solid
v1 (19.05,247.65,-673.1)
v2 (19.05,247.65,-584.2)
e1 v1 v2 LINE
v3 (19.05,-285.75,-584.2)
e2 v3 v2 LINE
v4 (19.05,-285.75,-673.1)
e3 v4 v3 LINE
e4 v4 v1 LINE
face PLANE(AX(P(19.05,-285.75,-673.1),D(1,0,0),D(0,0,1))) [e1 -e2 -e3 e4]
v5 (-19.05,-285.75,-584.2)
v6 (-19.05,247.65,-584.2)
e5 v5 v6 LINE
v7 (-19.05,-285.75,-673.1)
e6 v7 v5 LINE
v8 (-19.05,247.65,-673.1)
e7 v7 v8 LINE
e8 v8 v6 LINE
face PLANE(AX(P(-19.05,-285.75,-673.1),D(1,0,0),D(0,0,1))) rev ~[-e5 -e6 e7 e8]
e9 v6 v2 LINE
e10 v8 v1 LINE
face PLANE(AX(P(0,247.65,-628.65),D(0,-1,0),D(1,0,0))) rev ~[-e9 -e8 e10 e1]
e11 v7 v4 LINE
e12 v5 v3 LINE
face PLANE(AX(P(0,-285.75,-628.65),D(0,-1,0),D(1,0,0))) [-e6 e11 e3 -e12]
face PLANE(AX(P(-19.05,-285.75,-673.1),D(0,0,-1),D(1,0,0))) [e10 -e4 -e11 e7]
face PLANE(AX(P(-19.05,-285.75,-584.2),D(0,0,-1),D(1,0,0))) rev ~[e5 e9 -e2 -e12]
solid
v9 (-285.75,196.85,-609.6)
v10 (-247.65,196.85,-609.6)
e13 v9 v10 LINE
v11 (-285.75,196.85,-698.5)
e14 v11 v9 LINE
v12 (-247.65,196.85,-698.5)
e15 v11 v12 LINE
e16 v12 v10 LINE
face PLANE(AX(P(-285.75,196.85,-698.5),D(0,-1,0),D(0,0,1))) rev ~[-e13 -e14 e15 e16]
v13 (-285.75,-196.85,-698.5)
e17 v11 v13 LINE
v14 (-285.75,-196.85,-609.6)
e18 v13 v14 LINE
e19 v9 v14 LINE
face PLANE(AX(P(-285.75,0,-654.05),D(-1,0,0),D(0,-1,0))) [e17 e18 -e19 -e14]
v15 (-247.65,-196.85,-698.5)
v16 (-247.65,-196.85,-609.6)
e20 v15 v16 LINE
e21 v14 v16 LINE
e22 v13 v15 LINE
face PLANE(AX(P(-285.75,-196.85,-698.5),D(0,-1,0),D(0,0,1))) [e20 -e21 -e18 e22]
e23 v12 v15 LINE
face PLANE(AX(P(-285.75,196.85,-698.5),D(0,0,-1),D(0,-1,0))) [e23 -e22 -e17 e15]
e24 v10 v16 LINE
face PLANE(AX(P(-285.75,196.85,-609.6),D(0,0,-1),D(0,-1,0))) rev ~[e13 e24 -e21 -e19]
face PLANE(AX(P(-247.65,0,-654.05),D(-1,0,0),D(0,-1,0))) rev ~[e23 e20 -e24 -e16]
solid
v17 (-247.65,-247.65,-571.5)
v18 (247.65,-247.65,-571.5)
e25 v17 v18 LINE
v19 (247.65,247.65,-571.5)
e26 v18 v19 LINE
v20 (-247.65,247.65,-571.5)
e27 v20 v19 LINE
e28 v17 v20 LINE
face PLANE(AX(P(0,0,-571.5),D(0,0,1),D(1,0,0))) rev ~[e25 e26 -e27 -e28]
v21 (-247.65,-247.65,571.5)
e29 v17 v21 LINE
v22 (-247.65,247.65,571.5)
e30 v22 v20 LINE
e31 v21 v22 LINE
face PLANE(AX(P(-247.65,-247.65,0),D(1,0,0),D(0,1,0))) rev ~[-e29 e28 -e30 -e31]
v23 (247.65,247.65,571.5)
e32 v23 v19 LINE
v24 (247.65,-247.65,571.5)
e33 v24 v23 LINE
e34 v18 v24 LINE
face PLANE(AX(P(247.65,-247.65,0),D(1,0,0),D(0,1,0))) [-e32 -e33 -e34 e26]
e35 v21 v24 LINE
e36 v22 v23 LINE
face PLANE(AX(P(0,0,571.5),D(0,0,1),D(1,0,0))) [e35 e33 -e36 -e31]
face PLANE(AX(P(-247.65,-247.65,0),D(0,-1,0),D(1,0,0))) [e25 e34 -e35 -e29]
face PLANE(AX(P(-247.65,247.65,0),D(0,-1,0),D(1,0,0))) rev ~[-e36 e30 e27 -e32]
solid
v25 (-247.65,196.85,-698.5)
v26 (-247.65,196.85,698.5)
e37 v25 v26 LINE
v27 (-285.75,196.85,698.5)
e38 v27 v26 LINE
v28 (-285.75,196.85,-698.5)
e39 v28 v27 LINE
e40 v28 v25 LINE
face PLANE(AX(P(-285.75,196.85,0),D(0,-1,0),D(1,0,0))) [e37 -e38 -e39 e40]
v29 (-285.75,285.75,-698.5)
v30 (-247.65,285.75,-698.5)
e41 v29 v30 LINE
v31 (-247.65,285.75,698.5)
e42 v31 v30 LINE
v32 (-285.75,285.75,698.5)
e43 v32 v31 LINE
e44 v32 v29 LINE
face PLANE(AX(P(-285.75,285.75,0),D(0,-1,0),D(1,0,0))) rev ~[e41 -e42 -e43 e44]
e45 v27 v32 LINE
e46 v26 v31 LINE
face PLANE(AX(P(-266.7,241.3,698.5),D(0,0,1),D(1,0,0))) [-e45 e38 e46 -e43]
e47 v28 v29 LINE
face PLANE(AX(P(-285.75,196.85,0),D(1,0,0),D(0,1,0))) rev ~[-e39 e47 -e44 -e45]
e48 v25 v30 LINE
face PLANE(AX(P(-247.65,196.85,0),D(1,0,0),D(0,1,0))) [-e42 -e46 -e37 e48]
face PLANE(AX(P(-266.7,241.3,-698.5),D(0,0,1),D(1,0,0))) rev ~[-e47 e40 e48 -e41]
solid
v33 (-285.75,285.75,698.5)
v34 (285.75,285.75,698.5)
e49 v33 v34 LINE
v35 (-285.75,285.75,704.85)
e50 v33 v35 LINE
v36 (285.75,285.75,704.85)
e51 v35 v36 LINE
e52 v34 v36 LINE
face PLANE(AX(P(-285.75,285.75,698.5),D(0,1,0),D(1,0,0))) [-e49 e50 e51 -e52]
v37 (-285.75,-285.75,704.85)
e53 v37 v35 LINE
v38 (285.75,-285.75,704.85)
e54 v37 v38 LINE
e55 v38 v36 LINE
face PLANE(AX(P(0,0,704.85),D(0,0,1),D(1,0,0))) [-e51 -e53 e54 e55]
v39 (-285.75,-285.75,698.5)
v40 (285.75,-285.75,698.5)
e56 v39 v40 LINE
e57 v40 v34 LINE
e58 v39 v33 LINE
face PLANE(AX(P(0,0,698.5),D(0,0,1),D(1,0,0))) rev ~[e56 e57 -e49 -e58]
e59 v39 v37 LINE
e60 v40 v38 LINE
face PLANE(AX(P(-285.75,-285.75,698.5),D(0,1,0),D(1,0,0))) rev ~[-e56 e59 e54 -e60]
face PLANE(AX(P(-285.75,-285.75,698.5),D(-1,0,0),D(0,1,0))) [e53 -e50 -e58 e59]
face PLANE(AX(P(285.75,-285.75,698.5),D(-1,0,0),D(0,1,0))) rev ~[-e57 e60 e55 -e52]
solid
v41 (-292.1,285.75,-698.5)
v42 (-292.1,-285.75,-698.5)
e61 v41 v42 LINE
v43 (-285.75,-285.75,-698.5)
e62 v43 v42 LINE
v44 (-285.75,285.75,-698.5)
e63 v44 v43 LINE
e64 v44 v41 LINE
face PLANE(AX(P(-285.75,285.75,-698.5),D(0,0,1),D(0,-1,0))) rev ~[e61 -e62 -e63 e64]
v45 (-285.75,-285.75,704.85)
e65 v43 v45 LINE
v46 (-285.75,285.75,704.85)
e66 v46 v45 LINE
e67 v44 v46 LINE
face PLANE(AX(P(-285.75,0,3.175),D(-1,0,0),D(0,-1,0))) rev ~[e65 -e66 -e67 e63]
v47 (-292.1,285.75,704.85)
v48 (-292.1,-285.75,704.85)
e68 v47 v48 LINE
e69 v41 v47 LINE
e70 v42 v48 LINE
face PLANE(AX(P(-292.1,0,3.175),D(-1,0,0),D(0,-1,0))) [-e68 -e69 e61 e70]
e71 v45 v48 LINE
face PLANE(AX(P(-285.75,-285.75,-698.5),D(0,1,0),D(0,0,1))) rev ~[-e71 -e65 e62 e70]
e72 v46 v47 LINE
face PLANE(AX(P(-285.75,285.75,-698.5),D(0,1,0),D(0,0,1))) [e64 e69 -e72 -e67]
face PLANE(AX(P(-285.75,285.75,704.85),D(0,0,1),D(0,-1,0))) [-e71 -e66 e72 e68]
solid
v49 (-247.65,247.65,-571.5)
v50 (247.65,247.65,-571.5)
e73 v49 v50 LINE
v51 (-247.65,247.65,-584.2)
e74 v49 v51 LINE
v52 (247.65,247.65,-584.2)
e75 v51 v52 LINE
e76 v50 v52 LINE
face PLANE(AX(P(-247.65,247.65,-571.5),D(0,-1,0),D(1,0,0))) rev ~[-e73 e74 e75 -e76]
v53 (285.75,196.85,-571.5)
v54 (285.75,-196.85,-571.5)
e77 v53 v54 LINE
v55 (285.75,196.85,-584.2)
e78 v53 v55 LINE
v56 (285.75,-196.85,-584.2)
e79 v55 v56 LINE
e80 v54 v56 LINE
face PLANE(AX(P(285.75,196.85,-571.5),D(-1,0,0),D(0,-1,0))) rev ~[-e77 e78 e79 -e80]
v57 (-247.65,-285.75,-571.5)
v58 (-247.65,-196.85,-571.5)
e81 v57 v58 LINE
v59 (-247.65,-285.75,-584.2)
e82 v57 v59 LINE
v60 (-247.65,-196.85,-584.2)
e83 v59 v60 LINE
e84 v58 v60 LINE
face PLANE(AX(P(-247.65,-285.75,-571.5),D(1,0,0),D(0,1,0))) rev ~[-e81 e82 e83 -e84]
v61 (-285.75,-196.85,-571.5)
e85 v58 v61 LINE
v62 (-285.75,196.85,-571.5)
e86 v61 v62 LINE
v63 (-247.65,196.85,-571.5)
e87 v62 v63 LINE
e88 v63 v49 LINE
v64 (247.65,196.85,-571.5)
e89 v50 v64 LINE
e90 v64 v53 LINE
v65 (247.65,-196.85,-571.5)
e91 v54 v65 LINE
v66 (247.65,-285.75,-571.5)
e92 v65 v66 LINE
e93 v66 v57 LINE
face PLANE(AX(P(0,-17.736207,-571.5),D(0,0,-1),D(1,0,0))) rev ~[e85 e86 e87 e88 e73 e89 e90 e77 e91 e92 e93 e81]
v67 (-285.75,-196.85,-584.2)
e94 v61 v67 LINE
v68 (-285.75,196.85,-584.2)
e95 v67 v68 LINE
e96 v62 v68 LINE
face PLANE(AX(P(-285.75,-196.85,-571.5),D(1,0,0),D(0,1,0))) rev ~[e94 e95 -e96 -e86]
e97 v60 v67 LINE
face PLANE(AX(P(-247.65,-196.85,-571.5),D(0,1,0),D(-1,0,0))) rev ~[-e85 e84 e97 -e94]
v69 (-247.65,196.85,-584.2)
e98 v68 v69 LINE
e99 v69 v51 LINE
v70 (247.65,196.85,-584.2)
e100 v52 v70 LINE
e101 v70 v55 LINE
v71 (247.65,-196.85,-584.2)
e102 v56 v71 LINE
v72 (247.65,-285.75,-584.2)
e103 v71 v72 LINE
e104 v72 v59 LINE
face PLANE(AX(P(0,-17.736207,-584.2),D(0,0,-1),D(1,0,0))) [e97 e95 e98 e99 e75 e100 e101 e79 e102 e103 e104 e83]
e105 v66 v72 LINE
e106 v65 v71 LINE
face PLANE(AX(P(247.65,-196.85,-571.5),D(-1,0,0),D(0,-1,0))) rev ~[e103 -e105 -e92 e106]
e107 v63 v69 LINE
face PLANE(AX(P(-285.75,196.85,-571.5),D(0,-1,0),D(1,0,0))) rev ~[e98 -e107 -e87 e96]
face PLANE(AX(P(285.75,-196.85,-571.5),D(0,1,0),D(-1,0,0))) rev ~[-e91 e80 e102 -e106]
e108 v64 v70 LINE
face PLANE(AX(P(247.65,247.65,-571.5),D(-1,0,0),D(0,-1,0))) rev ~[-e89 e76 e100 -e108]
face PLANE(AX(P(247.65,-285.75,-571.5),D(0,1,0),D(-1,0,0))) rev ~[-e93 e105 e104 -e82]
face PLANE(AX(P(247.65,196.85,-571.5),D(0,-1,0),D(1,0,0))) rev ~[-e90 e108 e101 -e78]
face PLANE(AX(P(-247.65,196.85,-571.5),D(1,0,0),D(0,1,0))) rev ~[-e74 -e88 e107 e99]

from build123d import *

# Parameters (mm, degrees)
F0_W      = 495.3
F0_H      = 495.3
F1_DEPTH  = 571.5
F2_W      = 38.1
F2_H      = 88.9
F3_DEPTH  = 698.5
F5_DEPTH  = 12.7
F6_W      = 393.7
F6_H      = 88.9
F7_DEPTH  = 38.1
F8_W      = 38.1
F8_H      = 88.9
F9_DEPTH  = 533.4
F10_W     = 571.5
F10_H     = 571.5
F11_DEPTH = 6.35
F12_W     = 571.5
F12_H     = 1403.35
F13_DEPTH = 6.35


with BuildPart() as f1:
    # F0 (on Top) → F1 (new body, symmetric)
    with BuildSketch(Plane.XY):
        Rectangle(F0_W, F0_H)
    extrude(amount=F1_DEPTH, both=True)


with BuildPart() as f3:
    # F2 (on Top) → F3 (new body, symmetric)
    with BuildSketch(Plane.XY):
        with Locations((-266.7, 241.3)):
            Rectangle(F2_W, F2_H)
    extrude(amount=F3_DEPTH, both=True)


with BuildPart() as f5:
    # F4 (on face) → F5 (new body)
    with BuildSketch(Plane(origin=(0, 0, -571.5), x_dir=(1, 0, 0), z_dir=(0, 0, -1))):
        Polygon((247.65, 285.75), (-247.65, 285.75), (-247.65, 196.85), (-285.75, 196.85), (-285.75, -196.85), (-247.65, -196.85), (-247.65, -247.65), (247.65, -247.65), (247.65, -196.85), (285.75, -196.85), (285.75, 196.85), (247.65, 196.85), align=None)
    extrude(amount=F5_DEPTH)


with BuildPart() as f7:
    # F6 (on face) → F7 (new body, through all)
    with BuildSketch(Plane(origin=(-285.75, 0, 0), x_dir=(0, -1, 0), z_dir=(-1, 0, 0))):
        with Locations((0, -654.05)):
            Rectangle(F6_W, F6_H)
    extrude(amount=-F7_DEPTH)


with BuildPart() as f9:
    # F8 (on face) → F9 (new body, through all)
    with BuildSketch(Plane.XZ.offset(285.75)):
        with Locations((0, -628.65)):
            Rectangle(F8_W, F8_H)
    extrude(amount=-F9_DEPTH)


with BuildPart() as f11:
    # F10 (on face) → F11 (new body)
    with BuildSketch(Plane.XY.offset(698.5)):
        Rectangle(F10_W, F10_H)
    extrude(amount=F11_DEPTH)


with BuildPart() as f13:
    # F12 (on face) → F13 (new body)
    with BuildSketch(Plane(origin=(-285.75, 0, 0), x_dir=(0, -1, 0), z_dir=(-1, 0, 0))):
        with Locations((0, 3.175)):
            Rectangle(F12_W, F12_H)
    extrude(amount=F13_DEPTH)


solid = Compound([f1.part, f3.part, f5.part, f7.part, f9.part, f11.part, f13.part])
